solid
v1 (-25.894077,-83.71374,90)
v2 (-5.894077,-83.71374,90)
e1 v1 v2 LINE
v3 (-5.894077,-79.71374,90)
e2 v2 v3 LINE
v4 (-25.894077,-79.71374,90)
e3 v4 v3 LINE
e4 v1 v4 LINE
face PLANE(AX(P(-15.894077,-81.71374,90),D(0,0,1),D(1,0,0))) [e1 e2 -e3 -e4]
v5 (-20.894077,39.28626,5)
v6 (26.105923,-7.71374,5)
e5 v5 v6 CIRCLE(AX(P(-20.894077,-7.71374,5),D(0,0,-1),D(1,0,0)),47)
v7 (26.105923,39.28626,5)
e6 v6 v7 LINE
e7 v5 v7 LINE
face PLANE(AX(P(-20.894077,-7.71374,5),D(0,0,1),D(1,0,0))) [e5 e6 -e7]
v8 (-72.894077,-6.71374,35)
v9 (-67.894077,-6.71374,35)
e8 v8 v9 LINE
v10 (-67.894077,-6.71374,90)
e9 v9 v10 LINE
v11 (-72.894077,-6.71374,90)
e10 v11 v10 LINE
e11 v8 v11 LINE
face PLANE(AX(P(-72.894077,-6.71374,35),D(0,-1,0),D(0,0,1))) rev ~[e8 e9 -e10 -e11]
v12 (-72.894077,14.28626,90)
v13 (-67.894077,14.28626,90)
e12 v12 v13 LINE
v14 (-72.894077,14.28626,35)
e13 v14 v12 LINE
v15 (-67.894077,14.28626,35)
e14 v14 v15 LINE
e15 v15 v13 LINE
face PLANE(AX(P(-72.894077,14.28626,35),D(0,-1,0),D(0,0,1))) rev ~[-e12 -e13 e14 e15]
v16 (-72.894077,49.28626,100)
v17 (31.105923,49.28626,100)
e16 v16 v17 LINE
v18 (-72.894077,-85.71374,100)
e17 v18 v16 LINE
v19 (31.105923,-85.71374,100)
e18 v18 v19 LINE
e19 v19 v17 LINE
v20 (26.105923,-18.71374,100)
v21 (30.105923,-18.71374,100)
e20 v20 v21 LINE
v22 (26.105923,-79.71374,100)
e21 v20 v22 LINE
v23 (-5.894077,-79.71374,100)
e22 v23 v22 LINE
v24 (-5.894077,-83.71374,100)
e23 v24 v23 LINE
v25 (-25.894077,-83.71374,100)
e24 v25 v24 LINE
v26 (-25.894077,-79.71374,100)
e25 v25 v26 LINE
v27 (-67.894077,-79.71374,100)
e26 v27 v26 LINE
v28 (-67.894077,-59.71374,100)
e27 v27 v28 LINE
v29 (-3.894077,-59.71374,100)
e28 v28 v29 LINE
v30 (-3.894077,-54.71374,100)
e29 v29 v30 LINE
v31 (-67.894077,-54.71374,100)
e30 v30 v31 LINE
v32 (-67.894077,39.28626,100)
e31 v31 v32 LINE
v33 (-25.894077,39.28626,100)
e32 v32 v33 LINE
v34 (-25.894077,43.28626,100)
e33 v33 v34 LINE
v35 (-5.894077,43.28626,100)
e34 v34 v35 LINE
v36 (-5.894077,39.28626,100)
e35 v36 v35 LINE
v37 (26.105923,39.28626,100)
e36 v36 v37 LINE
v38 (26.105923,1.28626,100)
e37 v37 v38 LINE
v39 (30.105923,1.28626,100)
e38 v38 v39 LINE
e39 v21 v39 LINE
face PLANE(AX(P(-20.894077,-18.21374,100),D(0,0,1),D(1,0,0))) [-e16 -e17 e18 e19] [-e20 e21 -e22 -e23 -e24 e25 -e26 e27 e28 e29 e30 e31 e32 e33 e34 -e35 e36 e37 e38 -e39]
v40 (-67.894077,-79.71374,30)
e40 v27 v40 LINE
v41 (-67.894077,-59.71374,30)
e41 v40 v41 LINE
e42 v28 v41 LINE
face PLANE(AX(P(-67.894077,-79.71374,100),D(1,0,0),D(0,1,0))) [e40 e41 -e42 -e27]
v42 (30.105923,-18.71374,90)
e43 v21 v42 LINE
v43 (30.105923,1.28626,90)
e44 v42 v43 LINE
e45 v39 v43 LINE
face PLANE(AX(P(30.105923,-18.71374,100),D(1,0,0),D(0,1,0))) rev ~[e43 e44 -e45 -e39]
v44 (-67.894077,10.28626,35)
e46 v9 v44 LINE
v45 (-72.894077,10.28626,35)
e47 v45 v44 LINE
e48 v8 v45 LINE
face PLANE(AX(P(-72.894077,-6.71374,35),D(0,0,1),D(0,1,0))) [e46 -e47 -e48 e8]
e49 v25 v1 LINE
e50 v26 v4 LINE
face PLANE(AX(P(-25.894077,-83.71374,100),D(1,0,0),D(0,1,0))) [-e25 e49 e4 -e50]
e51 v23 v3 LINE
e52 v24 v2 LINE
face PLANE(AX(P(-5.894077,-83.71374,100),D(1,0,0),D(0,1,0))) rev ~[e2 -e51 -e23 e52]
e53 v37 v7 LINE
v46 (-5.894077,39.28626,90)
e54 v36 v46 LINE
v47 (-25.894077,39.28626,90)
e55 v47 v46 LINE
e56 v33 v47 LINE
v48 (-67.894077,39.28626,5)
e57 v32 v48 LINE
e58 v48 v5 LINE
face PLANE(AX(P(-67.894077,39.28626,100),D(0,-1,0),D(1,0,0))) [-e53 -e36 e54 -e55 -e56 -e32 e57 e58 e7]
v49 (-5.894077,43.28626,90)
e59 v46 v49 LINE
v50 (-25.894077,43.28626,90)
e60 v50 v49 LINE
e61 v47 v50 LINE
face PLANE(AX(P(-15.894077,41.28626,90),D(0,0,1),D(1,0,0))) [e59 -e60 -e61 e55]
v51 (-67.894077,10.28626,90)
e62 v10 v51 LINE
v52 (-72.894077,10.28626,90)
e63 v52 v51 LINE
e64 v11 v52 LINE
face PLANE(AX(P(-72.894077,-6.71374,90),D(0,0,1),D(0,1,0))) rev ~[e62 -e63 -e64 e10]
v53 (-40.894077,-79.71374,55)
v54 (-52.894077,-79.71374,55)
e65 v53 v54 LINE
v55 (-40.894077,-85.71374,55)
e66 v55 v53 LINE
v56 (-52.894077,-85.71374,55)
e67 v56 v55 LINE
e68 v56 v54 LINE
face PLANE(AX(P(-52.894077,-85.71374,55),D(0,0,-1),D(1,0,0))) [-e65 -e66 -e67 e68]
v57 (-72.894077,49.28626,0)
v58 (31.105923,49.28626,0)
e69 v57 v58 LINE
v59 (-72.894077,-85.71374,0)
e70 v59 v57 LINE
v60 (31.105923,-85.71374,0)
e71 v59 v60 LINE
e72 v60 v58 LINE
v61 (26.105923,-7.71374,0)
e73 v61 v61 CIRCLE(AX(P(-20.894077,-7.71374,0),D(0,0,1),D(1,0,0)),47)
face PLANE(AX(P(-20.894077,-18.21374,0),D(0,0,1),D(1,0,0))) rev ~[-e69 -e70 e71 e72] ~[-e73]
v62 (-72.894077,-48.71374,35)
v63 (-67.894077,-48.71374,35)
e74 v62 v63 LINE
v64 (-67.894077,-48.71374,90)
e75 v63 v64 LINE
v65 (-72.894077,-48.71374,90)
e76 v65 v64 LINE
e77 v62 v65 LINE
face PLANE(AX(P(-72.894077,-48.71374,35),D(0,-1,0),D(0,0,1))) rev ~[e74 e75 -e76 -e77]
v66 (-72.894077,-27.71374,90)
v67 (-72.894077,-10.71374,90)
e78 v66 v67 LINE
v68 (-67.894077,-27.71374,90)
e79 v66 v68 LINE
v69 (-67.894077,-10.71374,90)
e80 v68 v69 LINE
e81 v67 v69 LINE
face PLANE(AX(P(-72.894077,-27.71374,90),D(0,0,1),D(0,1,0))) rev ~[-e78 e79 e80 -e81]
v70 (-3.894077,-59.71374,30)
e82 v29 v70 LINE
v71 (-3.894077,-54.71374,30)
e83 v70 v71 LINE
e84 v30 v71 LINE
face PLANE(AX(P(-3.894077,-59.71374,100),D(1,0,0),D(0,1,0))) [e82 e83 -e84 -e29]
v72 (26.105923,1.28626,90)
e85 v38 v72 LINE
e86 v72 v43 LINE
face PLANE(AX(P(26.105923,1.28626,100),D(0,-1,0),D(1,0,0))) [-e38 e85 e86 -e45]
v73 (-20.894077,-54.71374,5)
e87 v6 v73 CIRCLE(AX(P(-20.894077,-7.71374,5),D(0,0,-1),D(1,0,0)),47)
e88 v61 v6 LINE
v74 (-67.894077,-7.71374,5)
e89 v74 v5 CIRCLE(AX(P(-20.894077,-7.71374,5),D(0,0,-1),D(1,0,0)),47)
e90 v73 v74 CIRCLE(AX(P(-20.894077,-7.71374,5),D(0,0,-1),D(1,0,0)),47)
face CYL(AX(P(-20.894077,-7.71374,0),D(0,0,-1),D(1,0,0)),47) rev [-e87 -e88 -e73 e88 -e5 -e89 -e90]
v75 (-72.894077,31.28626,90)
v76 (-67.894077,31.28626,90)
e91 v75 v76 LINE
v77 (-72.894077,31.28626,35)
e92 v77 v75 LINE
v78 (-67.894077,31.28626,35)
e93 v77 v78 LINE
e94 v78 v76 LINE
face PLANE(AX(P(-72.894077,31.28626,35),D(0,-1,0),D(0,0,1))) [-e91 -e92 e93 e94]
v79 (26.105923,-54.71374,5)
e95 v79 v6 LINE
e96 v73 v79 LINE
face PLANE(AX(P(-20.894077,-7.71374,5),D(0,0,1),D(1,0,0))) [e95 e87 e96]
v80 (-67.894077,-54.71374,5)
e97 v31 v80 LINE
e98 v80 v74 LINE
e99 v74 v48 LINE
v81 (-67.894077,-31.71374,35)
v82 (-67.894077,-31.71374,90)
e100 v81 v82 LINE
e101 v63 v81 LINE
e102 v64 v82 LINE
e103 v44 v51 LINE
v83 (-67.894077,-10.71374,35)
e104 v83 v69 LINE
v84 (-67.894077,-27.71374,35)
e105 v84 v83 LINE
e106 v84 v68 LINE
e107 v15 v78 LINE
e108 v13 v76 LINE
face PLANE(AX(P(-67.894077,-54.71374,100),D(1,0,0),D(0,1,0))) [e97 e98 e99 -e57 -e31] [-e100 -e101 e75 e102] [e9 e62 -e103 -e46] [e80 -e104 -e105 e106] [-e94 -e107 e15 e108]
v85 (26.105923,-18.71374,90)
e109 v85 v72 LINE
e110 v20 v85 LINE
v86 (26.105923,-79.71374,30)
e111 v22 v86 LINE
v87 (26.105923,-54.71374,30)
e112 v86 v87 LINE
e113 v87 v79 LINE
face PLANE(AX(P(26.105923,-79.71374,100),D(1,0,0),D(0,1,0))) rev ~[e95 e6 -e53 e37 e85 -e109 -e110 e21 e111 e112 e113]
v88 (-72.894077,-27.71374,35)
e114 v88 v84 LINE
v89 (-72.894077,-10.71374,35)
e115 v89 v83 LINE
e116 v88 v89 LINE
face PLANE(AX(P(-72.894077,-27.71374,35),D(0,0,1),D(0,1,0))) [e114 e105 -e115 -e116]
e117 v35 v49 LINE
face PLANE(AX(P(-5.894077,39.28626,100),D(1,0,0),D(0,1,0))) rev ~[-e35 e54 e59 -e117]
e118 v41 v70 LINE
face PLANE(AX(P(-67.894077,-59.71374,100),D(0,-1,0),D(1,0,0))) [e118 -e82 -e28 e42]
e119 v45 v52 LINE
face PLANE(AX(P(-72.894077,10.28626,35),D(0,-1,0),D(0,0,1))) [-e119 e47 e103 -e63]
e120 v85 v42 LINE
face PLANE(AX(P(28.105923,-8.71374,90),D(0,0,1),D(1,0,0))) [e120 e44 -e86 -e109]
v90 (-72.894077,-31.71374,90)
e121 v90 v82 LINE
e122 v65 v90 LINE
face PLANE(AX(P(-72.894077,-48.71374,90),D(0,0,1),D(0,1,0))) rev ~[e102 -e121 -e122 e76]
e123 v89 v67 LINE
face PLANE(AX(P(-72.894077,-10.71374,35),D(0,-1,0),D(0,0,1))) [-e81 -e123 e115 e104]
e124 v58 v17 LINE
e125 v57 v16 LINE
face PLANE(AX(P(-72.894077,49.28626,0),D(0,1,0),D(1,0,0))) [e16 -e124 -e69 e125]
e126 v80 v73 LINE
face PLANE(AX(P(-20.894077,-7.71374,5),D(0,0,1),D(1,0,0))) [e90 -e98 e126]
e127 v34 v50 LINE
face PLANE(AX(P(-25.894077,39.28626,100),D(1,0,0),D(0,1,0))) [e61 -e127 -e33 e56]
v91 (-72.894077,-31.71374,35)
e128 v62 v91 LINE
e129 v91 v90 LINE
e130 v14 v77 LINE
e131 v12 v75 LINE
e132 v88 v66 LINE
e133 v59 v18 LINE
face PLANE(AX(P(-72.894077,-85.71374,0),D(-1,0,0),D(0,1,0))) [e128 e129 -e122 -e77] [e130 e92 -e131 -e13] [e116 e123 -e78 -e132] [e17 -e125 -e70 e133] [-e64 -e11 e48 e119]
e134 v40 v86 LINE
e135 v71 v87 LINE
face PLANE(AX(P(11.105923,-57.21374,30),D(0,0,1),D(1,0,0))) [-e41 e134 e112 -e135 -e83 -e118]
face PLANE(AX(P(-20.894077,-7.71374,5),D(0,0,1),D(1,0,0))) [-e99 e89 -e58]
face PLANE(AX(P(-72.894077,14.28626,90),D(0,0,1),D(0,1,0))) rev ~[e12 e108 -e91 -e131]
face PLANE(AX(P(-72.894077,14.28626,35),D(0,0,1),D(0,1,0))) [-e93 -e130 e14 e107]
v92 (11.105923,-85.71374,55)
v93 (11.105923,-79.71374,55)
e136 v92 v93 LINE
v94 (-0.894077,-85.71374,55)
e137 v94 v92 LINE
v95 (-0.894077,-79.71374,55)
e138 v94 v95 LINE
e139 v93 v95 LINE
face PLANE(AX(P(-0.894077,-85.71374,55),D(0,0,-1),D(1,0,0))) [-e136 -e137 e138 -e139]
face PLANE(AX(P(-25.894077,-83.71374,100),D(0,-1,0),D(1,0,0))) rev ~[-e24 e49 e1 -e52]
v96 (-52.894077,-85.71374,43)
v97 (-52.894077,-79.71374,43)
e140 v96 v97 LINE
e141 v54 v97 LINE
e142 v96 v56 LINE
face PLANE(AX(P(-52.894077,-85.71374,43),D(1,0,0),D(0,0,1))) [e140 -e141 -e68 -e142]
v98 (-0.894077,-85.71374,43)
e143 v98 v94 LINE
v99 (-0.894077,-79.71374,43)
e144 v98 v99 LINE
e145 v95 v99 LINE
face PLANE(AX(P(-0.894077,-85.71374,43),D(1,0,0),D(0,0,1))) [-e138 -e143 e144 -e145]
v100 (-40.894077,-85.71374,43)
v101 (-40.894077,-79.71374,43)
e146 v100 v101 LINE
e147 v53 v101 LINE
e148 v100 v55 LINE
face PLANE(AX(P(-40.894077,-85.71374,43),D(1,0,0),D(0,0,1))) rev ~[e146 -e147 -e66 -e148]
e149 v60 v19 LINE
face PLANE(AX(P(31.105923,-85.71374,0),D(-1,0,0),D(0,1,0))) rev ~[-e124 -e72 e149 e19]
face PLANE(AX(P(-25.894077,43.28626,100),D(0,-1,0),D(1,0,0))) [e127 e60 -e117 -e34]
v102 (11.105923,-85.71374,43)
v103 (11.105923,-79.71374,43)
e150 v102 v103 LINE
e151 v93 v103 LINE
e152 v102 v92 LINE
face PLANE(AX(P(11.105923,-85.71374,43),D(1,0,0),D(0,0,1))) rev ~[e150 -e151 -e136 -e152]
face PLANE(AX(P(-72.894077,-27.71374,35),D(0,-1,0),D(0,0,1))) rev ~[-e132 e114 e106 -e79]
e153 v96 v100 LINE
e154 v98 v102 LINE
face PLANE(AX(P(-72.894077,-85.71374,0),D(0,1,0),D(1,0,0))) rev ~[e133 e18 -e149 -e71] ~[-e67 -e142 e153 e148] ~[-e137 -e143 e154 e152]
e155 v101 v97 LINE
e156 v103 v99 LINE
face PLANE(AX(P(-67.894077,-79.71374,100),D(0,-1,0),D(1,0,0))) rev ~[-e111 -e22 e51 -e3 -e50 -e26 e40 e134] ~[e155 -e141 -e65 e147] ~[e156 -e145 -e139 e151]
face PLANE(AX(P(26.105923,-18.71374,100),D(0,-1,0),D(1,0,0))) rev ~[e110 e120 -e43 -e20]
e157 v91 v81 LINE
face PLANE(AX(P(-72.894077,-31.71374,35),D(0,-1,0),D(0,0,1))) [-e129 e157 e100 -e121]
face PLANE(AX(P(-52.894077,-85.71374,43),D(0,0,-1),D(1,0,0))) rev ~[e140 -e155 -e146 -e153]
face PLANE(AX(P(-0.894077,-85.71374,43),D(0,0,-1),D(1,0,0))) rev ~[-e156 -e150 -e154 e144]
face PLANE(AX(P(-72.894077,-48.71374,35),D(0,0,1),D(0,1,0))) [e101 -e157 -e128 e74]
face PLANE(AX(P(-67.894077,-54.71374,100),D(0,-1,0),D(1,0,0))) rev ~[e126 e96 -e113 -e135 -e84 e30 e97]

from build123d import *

# Parameters (mm, degrees)
SKETCH_1_W          = 104
SKETCH_1_H          = 135
SKETCH_1_R          = 47
EXTRUDE_2_DEPTH     = 100
SKETCH_2_W          = 94
SKETCH_2_H          = 94
CUT_EXTRUDE_1_DEPTH = 95
SKETCH_3_W          = 30
SKETCH_3_H          = 5
SKETCH_3_W_2        = 94
SKETCH_3_H_2        = 20
CUT_EXTRUDE_3_DEPTH = 70
SKETCH_4_W          = 20
SKETCH_4_H          = 4
SKETCH_4_W_2        = 4
SKETCH_4_H_2        = 20
CUT_EXTRUDE_4_DEPTH = 10
CUT_EXTRUDE_6_REACH = 106
SKETCH_6_W          = 55
SKETCH_6_H          = 17
CUT_EXTRUDE_7_REACH = 137
SKETCH_7_W          = 12
SKETCH_7_H          = 12


with BuildPart() as part:
    # 草圖1 → 填料-伸長2 (new body)
    with BuildSketch(Plane.XY):
        with Locations((-20.894077044, -18.213740458)):
            Rectangle(SKETCH_1_W, SKETCH_1_H)
        with Locations((-20.894077044, -7.713740458)):
            Circle(SKETCH_1_R, mode=Mode.SUBTRACT)
    extrude(amount=EXTRUDE_2_DEPTH)

    # 草圖2 → 除料-伸長1 (cut)
    with BuildSketch(Plane.XY.offset(100)):
        with Locations((-20.894077044, -7.713740458)):
            Rectangle(SKETCH_2_W, SKETCH_2_H)
    extrude(amount=-CUT_EXTRUDE_1_DEPTH, mode=Mode.SUBTRACT)

    # 草圖3 → 除料-伸長3 (cut)
    with BuildSketch(Plane.XY.offset(100)):
        with Locations((11.105922956, -57.213740458)):
            Rectangle(SKETCH_3_W, SKETCH_3_H)
        with Locations((-20.894077044, -69.713740458)):
            Rectangle(SKETCH_3_W_2, SKETCH_3_H_2)
    extrude(amount=-CUT_EXTRUDE_3_DEPTH, mode=Mode.SUBTRACT)

    # 草圖4 → 除料-伸長4 (cut)
    with BuildSketch(Plane.XY.offset(100)):
        with Locations((-15.894077044, -81.713740458)):
            Rectangle(SKETCH_4_W, SKETCH_4_H)
        with Locations((28.105922956, -8.713740458)):
            Rectangle(SKETCH_4_W_2, SKETCH_4_H_2)
        with Locations((-15.894077044, 41.286259542)):
            Rectangle(SKETCH_4_W, SKETCH_4_H)
    extrude(amount=-CUT_EXTRUDE_4_DEPTH, mode=Mode.SUBTRACT)

    # 草圖6 → 除料-伸長6 (cut, up to next)
    with BuildSketch(Plane.ZY.offset(72.894077044), mode=Mode.PRIVATE) as cut_extrude_6_sk1:
        with Locations((62.5, 22.786259542)):
            Rectangle(SKETCH_6_W, SKETCH_6_H)
    cut_extrude_6_tool1 = extrude(cut_extrude_6_sk1.sketch, amount=-CUT_EXTRUDE_6_REACH, mode=Mode.PRIVATE) & part.part
    add(cut_extrude_6_tool1.solids().sort_by_distance((-72.894077, 22.78626, 62.5))[0], mode=Mode.SUBTRACT)
    # 草圖6 → 除料-伸長6 (cut, up to next)
    with BuildSketch(Plane.ZY.offset(72.894077044), mode=Mode.PRIVATE) as cut_extrude_6_sk2:
        with Locations((62.5, 1.786259542)):
            Rectangle(SKETCH_6_W, SKETCH_6_H)
    cut_extrude_6_tool2 = extrude(cut_extrude_6_sk2.sketch, amount=-CUT_EXTRUDE_6_REACH, mode=Mode.PRIVATE) & part.part
    add(cut_extrude_6_tool2.solids().sort_by_distance((-72.894077, 1.78626, 62.5))[0], mode=Mode.SUBTRACT)
    # 草圖6 → 除料-伸長6 (cut, up to next)
    with BuildSketch(Plane.ZY.offset(72.894077044), mode=Mode.PRIVATE) as cut_extrude_6_sk3:
        with Locations((62.5, -19.213740458)):
            Rectangle(SKETCH_6_W, SKETCH_6_H)
    cut_extrude_6_tool3 = extrude(cut_extrude_6_sk3.sketch, amount=-CUT_EXTRUDE_6_REACH, mode=Mode.PRIVATE) & part.part
    add(cut_extrude_6_tool3.solids().sort_by_distance((-72.894077, -19.21374, 62.5))[0], mode=Mode.SUBTRACT)
    # 草圖6 → 除料-伸長6 (cut, up to next)
    with BuildSketch(Plane.ZY.offset(72.894077044), mode=Mode.PRIVATE) as cut_extrude_6_sk4:
        with Locations((62.5, -40.213740458)):
            Rectangle(SKETCH_6_W, SKETCH_6_H)
    cut_extrude_6_tool4 = extrude(cut_extrude_6_sk4.sketch, amount=-CUT_EXTRUDE_6_REACH, mode=Mode.PRIVATE) & part.part
    add(cut_extrude_6_tool4.solids().sort_by_distance((-72.894077, -40.21374, 62.5))[0], mode=Mode.SUBTRACT)

    # 草圖7 → 除料-伸長7 (cut, up to next)
    with BuildSketch(Plane.XZ.offset(85.713740458), mode=Mode.PRIVATE) as cut_extrude_7_sk1:
        with Locations((5.105922956, 49)):
            Rectangle(SKETCH_7_W, SKETCH_7_H)
    cut_extrude_7_tool1 = extrude(cut_extrude_7_sk1.sketch, amount=-CUT_EXTRUDE_7_REACH, mode=Mode.PRIVATE) & part.part
    add(cut_extrude_7_tool1.solids().sort_by_distance((5.105923, -85.71374, 49))[0], mode=Mode.SUBTRACT)
    # 草圖7 → 除料-伸長7 (cut, up to next)
    with BuildSketch(Plane.XZ.offset(85.713740458), mode=Mode.PRIVATE) as cut_extrude_7_sk2:
        with Locations((-46.894077044, 49)):
            Rectangle(SKETCH_7_W, SKETCH_7_H)
    cut_extrude_7_tool2 = extrude(cut_extrude_7_sk2.sketch, amount=-CUT_EXTRUDE_7_REACH, mode=Mode.PRIVATE) & part.part
    add(cut_extrude_7_tool2.solids().sort_by_distance((-46.894077, -85.71374, 49))[0], mode=Mode.SUBTRACT)


solid = part.part
